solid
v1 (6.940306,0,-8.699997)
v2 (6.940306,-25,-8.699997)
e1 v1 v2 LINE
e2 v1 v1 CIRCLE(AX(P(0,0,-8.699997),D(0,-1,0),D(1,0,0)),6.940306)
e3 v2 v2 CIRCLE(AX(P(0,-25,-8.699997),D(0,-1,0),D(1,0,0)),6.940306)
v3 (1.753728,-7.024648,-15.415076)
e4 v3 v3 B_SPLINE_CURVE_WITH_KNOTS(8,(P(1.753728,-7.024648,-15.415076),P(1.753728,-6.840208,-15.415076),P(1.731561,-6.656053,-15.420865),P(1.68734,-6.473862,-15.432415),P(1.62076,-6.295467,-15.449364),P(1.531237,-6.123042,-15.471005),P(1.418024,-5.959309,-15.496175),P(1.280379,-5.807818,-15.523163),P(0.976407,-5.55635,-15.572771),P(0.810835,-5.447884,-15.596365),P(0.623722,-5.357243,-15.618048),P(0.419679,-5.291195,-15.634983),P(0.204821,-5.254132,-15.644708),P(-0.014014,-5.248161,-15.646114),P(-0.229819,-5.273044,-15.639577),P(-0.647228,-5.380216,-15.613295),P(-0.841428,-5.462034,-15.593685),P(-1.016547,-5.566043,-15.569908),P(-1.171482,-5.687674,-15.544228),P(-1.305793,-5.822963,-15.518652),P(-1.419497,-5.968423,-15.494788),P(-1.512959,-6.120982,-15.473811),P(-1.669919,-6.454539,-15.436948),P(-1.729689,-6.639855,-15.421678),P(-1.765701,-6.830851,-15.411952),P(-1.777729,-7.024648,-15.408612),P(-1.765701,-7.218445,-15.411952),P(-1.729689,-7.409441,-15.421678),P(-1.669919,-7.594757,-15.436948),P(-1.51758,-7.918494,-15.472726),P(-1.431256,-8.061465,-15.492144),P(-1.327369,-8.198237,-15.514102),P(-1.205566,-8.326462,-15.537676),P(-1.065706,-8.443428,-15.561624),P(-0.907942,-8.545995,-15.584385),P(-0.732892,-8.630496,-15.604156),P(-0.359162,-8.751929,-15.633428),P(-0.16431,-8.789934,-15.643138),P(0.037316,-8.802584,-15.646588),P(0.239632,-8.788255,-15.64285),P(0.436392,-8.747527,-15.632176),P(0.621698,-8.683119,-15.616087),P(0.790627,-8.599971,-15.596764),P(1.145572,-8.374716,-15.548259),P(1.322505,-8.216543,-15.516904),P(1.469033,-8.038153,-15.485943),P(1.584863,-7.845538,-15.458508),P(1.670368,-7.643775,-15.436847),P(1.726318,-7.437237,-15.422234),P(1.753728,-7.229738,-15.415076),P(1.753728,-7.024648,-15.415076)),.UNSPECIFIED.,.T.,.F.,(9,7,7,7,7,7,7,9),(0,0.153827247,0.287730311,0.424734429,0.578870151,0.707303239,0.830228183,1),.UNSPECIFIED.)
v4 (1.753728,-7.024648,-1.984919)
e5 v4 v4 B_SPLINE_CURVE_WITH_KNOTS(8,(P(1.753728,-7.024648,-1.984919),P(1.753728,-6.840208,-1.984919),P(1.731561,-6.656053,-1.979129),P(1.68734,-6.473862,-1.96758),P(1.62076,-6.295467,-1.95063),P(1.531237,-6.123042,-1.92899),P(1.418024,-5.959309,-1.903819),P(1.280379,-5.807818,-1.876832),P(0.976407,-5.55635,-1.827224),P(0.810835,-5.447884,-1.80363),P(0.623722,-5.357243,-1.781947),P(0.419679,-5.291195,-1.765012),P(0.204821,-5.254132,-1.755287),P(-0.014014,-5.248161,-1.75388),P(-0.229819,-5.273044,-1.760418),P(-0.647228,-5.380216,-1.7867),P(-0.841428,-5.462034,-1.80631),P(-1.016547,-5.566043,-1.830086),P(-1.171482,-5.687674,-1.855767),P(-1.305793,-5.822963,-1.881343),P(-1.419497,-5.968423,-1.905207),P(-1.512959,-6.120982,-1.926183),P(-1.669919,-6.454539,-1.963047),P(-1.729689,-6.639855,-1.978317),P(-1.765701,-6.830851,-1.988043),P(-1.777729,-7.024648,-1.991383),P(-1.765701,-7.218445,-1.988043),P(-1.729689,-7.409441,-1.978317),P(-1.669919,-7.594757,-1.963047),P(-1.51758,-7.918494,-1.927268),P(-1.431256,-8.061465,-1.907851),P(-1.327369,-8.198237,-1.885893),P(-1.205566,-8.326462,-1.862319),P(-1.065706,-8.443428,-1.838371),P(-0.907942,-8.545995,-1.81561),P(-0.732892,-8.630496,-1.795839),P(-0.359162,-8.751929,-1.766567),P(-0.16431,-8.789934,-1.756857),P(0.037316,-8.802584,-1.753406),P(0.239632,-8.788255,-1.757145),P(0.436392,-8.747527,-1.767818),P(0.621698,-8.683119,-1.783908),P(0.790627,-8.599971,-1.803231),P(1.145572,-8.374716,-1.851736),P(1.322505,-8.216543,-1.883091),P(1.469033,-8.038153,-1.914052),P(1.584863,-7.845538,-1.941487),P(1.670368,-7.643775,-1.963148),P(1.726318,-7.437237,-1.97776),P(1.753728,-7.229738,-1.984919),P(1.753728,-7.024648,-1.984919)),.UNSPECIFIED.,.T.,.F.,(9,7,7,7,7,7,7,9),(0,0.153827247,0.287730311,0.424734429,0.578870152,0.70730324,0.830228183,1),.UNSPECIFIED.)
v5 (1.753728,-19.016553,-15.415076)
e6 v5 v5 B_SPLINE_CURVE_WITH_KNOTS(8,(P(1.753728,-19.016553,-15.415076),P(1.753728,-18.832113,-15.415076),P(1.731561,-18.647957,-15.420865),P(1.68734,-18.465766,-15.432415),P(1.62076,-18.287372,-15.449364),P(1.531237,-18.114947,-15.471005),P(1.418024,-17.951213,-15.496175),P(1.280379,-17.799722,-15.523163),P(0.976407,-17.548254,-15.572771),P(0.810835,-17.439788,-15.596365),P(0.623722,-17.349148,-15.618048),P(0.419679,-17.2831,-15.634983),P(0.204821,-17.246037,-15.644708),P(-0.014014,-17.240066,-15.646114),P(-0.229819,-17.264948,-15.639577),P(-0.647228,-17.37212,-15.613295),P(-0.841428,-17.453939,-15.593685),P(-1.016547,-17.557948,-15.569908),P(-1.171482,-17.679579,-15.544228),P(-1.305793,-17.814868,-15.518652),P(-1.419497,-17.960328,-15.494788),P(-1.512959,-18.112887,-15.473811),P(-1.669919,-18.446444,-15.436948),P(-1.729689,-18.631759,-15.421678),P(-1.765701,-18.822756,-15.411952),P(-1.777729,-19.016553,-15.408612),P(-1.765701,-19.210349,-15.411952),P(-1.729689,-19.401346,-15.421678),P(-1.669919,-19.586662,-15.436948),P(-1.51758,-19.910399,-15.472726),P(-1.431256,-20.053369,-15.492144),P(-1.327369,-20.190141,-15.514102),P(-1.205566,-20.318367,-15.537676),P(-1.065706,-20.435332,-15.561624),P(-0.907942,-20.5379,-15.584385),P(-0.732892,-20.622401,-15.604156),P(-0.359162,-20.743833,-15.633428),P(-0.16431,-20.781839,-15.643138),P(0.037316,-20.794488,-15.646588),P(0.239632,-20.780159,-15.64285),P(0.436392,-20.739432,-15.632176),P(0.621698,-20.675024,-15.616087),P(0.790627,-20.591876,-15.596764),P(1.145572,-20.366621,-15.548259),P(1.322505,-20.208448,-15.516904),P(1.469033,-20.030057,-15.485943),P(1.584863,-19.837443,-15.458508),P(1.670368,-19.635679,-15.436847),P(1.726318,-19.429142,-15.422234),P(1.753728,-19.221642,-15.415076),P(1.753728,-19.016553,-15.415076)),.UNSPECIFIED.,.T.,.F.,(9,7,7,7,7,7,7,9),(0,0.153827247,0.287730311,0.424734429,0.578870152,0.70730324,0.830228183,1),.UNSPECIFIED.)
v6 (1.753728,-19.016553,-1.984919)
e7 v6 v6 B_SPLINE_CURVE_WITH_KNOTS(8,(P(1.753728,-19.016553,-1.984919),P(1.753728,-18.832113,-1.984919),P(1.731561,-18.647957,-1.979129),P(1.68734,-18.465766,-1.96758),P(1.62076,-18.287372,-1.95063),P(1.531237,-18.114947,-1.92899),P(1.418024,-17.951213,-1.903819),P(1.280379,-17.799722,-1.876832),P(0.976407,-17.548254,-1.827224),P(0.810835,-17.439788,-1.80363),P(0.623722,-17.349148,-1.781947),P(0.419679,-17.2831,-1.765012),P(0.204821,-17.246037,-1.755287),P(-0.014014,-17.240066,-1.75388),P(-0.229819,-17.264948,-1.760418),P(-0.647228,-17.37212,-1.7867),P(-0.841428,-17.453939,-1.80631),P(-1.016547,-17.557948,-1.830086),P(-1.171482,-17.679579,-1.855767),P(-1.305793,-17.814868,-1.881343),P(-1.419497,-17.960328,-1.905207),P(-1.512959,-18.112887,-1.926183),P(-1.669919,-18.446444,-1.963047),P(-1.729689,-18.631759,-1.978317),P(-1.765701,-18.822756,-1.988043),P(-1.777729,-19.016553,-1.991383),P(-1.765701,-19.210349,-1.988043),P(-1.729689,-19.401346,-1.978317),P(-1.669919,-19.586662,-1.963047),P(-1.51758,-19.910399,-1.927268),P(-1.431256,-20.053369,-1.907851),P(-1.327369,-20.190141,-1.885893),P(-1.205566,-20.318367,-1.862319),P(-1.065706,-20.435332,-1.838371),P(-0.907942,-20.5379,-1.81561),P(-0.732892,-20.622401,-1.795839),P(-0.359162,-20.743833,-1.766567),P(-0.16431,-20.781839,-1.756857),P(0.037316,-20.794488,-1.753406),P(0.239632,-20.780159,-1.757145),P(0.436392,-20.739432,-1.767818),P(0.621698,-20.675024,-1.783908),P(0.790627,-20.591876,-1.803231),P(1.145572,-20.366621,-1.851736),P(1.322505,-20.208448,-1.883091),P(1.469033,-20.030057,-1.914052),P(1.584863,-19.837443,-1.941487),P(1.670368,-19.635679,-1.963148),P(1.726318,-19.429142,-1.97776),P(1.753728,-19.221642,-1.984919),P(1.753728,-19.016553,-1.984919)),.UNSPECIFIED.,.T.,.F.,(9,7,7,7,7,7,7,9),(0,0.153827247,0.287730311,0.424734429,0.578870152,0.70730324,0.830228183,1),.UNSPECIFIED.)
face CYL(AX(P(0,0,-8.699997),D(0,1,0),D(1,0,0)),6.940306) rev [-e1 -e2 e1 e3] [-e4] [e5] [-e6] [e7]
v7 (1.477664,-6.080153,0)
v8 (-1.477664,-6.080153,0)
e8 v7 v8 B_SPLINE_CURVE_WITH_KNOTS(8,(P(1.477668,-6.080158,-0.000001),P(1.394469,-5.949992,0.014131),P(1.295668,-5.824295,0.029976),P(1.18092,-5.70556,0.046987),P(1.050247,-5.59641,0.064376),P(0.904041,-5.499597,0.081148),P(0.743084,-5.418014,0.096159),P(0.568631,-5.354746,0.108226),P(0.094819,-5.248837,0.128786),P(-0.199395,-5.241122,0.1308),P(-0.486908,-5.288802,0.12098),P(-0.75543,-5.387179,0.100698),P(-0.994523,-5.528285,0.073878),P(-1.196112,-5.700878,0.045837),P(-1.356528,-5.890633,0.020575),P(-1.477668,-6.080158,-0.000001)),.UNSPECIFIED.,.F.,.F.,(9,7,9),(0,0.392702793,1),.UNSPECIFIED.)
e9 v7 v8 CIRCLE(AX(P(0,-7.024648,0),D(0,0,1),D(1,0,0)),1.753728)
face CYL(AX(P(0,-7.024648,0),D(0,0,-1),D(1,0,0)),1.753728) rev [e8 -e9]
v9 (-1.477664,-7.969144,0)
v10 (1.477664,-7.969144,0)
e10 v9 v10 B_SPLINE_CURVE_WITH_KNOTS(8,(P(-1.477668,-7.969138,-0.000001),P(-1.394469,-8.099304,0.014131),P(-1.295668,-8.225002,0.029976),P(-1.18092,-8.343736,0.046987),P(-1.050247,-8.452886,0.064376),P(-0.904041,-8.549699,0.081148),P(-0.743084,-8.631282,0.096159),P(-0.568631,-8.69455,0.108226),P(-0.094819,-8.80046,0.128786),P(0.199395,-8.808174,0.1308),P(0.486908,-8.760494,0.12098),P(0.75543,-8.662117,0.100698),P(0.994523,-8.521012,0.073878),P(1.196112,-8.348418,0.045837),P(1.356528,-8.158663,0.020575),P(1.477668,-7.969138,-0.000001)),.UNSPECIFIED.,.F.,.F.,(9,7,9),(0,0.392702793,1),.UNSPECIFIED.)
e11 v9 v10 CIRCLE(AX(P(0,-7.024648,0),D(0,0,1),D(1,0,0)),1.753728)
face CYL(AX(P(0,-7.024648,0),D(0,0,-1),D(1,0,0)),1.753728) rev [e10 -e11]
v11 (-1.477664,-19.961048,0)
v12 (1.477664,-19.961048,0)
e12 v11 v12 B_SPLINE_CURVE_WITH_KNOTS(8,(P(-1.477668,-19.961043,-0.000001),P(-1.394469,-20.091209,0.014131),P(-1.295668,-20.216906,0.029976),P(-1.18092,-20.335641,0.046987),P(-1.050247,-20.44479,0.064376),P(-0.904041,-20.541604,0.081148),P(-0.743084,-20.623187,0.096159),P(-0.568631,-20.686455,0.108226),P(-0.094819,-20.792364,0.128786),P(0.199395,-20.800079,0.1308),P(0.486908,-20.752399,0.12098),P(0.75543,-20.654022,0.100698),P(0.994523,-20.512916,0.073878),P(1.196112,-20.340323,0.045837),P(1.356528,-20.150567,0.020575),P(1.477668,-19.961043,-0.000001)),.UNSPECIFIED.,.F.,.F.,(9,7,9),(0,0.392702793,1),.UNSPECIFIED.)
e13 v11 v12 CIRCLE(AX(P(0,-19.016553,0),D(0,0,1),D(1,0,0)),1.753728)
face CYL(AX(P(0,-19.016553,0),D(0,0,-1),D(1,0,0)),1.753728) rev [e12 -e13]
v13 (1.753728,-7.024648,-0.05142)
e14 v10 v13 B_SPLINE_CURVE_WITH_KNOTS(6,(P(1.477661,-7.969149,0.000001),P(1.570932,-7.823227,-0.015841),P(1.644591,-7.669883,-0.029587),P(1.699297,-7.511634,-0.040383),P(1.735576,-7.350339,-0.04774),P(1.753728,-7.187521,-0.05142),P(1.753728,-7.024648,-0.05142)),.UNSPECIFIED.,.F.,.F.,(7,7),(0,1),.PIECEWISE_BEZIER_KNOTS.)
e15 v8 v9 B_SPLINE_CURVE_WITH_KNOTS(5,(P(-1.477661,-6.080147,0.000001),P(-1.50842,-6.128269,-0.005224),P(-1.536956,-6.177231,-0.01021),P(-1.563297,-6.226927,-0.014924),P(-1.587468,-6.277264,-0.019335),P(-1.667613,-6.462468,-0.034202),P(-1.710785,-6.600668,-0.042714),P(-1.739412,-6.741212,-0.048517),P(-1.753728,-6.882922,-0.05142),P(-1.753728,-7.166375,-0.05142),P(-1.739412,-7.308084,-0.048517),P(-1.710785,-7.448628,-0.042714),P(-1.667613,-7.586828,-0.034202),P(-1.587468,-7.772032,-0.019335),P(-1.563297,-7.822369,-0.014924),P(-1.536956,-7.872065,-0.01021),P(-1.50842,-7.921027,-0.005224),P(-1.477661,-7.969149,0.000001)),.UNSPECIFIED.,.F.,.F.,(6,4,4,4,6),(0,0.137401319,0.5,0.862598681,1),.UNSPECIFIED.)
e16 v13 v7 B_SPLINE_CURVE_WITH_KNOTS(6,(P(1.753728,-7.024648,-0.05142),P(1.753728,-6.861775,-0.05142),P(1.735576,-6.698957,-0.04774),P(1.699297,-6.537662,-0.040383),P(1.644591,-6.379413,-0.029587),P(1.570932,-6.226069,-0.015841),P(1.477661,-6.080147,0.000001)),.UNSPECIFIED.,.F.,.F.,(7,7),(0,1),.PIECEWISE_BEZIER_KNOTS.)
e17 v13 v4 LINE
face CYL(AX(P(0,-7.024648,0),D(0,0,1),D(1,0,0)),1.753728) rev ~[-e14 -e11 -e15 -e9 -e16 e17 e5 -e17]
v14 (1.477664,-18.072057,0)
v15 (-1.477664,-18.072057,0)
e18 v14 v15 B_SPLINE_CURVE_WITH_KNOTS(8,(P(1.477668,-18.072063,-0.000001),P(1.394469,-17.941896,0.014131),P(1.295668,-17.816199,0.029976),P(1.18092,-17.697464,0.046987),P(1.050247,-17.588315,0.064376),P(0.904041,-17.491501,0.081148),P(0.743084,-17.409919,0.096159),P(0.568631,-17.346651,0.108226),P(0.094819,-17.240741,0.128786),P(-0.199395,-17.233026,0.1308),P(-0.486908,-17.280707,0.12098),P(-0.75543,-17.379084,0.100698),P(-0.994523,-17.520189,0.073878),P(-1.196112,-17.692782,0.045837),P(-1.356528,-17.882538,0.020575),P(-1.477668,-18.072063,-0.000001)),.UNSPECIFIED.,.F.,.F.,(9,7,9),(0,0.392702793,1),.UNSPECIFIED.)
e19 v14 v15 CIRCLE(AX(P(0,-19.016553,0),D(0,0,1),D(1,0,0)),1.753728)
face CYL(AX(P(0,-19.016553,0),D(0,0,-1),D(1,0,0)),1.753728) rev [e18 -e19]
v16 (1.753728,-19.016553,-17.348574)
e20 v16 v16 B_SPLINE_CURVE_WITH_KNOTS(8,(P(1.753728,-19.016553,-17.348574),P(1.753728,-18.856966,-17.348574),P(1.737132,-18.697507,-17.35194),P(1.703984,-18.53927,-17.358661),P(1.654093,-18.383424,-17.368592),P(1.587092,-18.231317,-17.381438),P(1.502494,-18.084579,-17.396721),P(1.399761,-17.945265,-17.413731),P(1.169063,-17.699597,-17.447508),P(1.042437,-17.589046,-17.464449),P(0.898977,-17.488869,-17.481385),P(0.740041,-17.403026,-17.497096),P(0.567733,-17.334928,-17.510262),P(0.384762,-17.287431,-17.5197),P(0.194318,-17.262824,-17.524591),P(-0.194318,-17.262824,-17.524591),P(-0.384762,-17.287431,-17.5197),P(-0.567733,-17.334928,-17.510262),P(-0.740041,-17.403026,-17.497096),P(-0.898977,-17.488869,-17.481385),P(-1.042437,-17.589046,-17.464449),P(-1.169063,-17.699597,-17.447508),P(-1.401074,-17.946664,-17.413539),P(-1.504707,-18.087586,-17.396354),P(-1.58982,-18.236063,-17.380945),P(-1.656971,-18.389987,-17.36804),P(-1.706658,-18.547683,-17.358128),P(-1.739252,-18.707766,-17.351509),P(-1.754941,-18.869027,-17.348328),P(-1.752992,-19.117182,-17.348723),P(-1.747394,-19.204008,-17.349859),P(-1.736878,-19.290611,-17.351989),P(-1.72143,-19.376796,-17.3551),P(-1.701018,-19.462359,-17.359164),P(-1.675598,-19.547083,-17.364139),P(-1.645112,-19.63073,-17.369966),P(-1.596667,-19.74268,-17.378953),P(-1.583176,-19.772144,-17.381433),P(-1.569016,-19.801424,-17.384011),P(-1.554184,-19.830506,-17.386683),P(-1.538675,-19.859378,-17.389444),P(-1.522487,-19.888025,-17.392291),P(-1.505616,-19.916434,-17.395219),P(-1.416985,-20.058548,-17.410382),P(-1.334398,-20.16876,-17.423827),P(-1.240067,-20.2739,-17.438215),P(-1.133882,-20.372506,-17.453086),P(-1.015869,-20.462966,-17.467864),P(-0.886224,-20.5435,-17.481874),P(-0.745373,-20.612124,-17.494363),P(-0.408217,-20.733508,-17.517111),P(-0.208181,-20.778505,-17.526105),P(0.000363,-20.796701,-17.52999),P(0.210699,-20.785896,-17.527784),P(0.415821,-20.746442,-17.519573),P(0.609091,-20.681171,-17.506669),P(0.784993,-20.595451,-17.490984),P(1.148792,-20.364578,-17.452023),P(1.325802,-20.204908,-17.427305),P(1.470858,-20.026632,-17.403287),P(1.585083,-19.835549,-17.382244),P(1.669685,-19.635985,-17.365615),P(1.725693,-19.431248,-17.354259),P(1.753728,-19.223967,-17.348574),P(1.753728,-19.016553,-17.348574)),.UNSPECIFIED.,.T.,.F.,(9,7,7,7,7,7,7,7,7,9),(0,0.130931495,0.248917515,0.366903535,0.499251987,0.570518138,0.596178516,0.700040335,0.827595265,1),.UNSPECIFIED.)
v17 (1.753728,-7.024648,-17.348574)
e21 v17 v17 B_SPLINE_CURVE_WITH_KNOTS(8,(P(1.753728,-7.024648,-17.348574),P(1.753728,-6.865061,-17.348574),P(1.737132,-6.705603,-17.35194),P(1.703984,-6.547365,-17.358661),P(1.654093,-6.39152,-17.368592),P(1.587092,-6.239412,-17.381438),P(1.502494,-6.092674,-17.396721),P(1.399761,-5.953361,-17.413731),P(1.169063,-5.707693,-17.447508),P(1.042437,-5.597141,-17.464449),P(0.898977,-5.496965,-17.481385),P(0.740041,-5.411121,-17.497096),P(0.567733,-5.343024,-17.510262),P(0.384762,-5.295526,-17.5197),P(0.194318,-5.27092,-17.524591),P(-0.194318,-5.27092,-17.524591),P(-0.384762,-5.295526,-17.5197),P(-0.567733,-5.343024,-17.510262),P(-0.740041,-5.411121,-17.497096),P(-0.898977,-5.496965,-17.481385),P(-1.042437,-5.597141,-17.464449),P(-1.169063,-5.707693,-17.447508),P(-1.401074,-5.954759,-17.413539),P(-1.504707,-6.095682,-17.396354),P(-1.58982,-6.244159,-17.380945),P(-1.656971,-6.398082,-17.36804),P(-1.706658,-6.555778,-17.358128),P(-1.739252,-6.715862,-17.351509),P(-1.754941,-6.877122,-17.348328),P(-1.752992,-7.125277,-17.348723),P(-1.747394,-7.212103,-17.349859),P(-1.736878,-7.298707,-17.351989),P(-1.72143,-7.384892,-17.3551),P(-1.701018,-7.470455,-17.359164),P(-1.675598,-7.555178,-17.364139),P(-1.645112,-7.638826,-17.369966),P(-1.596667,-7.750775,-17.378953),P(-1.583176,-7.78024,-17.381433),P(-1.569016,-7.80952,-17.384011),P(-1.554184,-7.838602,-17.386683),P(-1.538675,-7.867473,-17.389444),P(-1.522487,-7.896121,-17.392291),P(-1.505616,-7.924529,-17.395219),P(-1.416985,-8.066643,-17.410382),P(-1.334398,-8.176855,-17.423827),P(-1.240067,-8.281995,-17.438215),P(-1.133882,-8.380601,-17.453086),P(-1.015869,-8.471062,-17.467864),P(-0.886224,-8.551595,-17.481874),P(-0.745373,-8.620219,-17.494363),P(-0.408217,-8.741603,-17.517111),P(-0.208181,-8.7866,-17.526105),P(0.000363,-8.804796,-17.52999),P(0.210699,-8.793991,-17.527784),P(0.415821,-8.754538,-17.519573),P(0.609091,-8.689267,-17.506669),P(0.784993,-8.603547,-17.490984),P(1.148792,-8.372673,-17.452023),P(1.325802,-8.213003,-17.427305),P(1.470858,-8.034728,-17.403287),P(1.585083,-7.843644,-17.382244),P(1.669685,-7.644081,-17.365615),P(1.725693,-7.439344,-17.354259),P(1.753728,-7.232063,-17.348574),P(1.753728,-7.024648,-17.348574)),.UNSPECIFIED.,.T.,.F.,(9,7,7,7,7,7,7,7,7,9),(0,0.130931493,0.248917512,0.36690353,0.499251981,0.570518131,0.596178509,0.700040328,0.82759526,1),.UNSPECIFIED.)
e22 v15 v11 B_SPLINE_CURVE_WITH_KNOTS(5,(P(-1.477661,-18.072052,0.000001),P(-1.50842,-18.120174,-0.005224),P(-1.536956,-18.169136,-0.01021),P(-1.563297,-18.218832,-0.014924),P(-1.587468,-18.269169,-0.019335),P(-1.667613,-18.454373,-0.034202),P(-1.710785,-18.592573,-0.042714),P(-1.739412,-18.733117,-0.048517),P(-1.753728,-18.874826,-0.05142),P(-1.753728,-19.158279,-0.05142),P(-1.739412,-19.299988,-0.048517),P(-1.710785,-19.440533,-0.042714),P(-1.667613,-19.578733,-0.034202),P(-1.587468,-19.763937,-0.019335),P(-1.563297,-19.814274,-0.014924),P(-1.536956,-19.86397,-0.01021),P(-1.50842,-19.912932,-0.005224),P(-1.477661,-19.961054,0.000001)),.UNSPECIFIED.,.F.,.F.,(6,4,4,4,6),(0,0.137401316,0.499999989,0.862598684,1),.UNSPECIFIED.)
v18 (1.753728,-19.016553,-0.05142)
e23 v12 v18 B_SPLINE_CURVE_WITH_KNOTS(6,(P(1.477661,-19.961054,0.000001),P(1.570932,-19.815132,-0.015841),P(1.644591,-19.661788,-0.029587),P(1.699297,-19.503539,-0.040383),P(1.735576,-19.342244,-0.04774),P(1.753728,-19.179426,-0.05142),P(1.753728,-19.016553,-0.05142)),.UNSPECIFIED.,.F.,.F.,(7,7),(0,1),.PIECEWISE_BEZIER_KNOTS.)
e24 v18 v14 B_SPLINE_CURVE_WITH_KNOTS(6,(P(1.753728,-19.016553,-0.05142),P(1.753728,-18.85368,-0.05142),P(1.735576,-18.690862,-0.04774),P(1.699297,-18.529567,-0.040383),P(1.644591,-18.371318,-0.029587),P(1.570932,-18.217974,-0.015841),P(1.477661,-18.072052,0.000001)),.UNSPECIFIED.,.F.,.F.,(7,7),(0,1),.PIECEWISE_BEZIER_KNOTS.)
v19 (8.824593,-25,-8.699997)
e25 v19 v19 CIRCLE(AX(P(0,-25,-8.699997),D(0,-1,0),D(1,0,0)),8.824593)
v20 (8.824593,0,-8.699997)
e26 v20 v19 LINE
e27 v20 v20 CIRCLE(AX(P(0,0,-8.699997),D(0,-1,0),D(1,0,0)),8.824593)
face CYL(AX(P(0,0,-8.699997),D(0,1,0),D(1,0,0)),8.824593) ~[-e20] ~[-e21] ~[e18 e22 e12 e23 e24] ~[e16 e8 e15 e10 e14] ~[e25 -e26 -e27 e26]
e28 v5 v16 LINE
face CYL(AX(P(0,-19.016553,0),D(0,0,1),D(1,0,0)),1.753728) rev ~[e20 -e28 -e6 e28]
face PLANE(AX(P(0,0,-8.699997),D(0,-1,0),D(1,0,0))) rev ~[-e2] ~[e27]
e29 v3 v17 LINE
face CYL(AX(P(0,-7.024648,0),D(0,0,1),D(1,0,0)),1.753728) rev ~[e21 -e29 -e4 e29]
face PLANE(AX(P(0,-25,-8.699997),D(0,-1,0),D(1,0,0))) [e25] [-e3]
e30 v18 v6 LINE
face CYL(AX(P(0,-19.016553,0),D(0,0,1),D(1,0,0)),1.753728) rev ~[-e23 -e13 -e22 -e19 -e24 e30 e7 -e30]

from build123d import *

# Parameters (mm, degrees)
F0_R          = 8.8245931944
F0_R_2        = 6.9403058841
F1_DEPTH      = 25
F2_R          = 1.7537284436
F3_DEPTH      = 25
F3_DEPTH_BACK = 25


with BuildPart() as f1:
    # F0 (on Front) → F1 (new body)
    with BuildSketch(Plane.XZ):
        with Locations((0, -8.6999973282)):
            Circle(F0_R)
        with Locations((0, -8.6999973282)):
            Circle(F0_R_2, mode=Mode.SUBTRACT)
    extrude(amount=F1_DEPTH)

    # F2 (on Top) → F3 (cut, two sides)
    with BuildSketch(Plane.XY) as f3_sk:
        with Locations((0, -7.0246481337)):
            Circle(F2_R)
        with Locations((0, -19.0165527165)):
            Circle(F2_R)
    extrude(amount=-F3_DEPTH, mode=Mode.SUBTRACT)
    extrude(f3_sk.sketch, amount=F3_DEPTH_BACK, mode=Mode.SUBTRACT)


solid = f1.part
